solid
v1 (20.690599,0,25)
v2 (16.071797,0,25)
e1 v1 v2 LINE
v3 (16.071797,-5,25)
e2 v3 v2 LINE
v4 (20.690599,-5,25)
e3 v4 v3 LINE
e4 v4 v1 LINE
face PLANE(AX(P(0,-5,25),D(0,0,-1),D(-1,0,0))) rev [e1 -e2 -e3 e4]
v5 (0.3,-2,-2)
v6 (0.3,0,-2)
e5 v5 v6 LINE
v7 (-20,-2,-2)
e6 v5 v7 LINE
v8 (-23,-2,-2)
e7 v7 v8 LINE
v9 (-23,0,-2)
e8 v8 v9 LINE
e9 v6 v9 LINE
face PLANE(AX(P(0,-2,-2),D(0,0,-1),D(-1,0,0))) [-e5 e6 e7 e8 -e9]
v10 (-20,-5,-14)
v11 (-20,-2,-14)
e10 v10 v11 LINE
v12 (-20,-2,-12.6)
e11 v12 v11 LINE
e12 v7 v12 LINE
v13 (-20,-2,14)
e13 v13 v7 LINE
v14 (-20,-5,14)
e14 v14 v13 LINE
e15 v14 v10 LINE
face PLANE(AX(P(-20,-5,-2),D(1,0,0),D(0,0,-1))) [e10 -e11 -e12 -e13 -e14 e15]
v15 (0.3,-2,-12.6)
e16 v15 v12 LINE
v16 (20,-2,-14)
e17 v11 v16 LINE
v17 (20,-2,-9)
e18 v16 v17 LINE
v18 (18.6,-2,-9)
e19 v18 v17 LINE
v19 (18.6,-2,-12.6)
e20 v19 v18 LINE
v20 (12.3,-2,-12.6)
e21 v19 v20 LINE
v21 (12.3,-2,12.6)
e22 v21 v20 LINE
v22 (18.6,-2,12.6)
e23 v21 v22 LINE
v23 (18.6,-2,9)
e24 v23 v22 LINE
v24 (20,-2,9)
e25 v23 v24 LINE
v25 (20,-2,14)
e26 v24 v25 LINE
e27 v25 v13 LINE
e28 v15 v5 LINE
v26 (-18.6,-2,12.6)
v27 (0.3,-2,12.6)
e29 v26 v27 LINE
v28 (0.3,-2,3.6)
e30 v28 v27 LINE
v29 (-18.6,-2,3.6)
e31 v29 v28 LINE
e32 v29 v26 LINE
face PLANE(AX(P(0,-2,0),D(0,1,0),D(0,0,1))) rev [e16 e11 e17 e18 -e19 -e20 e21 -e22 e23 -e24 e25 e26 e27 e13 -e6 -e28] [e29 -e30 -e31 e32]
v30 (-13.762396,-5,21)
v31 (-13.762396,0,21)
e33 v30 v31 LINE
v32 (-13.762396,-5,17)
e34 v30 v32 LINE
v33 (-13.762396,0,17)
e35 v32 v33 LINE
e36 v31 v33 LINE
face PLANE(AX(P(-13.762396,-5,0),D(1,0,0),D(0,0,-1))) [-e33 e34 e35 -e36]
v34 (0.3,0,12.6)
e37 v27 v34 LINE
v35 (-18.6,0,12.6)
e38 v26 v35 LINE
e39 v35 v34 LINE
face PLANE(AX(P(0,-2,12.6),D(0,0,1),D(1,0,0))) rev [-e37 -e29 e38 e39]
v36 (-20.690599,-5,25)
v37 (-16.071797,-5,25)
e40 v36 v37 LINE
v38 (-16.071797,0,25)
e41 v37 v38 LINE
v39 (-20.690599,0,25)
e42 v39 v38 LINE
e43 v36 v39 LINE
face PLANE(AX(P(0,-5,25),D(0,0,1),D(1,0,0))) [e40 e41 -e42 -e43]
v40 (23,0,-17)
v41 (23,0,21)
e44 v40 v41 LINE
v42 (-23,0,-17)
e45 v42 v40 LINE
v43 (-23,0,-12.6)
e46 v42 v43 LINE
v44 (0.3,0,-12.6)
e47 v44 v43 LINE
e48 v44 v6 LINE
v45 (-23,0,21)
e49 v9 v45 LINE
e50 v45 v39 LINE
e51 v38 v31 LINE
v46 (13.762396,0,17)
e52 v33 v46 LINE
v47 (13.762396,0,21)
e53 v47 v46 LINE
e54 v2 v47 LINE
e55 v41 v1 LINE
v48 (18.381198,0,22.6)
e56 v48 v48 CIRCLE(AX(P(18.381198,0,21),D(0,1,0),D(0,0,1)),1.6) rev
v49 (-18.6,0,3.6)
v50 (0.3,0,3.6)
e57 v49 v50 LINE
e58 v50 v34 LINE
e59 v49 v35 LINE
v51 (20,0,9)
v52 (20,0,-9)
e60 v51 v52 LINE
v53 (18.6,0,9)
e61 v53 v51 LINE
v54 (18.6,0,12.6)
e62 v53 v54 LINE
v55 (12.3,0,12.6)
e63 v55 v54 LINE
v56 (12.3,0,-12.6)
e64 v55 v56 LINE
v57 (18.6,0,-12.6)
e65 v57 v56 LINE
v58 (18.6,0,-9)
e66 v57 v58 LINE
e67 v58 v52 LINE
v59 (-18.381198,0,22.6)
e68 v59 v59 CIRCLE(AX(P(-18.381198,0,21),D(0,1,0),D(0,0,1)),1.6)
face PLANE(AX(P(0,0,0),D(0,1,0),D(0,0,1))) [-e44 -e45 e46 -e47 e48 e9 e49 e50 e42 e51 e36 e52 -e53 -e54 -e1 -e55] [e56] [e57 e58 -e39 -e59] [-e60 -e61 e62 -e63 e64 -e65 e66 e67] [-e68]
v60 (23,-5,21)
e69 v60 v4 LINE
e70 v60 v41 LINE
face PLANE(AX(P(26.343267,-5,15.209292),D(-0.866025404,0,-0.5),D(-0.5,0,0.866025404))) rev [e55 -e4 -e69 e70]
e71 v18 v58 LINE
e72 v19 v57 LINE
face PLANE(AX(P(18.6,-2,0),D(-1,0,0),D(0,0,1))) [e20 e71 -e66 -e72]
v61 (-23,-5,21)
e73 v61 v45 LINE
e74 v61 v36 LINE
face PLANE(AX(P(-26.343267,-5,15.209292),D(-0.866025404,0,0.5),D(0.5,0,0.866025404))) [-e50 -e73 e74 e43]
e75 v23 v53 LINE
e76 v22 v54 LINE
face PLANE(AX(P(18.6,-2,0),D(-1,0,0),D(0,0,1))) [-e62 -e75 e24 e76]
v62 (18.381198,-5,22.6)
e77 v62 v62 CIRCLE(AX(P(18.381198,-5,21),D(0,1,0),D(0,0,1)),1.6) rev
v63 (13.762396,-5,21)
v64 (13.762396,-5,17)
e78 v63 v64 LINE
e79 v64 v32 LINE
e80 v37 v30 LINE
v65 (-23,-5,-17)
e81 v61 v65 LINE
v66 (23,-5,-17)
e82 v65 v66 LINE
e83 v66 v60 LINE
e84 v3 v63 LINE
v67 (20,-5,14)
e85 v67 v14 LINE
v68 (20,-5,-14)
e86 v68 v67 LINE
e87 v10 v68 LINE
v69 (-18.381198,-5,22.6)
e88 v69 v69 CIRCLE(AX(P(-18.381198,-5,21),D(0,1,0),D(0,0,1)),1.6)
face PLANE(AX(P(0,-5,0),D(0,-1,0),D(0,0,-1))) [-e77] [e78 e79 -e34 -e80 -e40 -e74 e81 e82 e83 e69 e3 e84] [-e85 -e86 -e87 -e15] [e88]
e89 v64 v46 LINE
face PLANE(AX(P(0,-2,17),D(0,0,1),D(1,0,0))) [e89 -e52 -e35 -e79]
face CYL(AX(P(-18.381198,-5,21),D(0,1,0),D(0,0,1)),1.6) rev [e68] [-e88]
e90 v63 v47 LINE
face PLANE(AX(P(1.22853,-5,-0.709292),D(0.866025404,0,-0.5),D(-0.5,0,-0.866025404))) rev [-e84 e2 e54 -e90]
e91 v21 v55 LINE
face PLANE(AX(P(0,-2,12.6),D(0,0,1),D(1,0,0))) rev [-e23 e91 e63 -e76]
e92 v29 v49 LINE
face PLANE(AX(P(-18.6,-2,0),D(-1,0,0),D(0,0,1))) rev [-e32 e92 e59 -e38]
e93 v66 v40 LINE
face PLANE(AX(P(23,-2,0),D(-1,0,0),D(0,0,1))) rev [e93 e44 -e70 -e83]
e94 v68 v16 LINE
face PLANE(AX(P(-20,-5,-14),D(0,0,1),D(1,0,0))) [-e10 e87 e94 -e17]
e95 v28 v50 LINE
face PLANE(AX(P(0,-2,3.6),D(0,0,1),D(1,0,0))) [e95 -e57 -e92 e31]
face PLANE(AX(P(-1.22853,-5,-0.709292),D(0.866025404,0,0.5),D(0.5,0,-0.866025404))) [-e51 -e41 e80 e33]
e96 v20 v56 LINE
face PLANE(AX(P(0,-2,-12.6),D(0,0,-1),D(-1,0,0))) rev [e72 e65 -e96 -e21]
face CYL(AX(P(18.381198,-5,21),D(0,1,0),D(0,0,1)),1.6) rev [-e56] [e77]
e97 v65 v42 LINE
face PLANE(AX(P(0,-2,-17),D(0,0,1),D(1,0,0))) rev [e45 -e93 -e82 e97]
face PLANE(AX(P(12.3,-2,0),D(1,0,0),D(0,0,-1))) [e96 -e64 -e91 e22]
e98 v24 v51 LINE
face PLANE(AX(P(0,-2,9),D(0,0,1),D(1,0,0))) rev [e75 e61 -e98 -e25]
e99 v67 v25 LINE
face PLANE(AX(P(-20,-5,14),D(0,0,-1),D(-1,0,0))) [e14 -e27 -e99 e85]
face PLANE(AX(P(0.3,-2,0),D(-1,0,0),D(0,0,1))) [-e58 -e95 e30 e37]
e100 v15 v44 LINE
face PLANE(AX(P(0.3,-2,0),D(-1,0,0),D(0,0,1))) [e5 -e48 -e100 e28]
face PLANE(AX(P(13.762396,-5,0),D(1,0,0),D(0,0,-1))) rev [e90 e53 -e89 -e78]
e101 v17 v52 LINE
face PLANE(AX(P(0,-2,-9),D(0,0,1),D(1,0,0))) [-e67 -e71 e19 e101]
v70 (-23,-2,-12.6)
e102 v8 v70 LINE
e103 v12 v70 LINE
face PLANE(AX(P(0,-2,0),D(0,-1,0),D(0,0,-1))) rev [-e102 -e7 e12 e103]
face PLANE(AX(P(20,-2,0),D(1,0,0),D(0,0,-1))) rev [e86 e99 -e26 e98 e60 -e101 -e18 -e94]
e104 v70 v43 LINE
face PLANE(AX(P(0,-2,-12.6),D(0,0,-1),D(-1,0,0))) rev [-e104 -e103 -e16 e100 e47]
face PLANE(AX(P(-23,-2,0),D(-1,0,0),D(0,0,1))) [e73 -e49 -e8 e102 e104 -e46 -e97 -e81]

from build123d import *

# Parameters (mm, degrees)
CROQUIS1_W              = 18.9
CROQUIS1_H              = 9
SALIENTE_EXTRUIR1_DEPTH = 2
SALIENTE_EXTRUIR2_DEPTH = 3
CROQUIS3_R              = 1.6
SALIENTE_EXTRUIR4_DEPTH = 5


with BuildPart() as part:
    # Croquis1 → Saliente-Extruir1 (new body)
    with BuildSketch(Plane(origin=(0, 0, 0), x_dir=(1, 0, 0), z_dir=(0, 1, 0))):
        Polygon((23, 17), (-23, 17), (-23, 12.6), (0.3, 12.6), (0.3, 2), (-23, 2), (-23, -17), (23, -17), align=None)
        Polygon((12.3, 12.6), (18.6, 12.6), (18.6, 9), (20, 9), (20, -9), (18.6, -9), (18.6, -12.6), (12.3, -12.6), align=None, mode=Mode.SUBTRACT)
        with Locations((-9.15, -8.1)):
            Rectangle(CROQUIS1_W, CROQUIS1_H, mode=Mode.SUBTRACT)
    extrude(amount=-SALIENTE_EXTRUIR1_DEPTH)

    # Croquis2 → Saliente-Extruir2 (add)
    with BuildSketch(Plane.XZ.offset(2)):
        Polygon((-23, -17), (-23, -12.6), (-23, -2), (-23, 17), (23, 17), (23, -17), align=None)
        Polygon((-20, -14), (20, -14), (20, 14), (-20, 14), (-20, -2), (-20, -12.6), align=None, mode=Mode.SUBTRACT)
    extrude(amount=SALIENTE_EXTRUIR2_DEPTH)

    # Croquis3 → Saliente-Extruir4 (add, through all)
    # profile 1 of 6: a face of its own
    with BuildSketch(Plane(origin=(0, 0, 0), x_dir=(1, 0, 0), z_dir=(0, 1, 0))):
        Polygon((-16.07179677, -25), (-13.762395693, -21), (-16.07179677, -17), (-20.690598923, -17), (-23, -21), (-20.690598923, -25), align=None)
        with Locations(Location((-18.381197846, -21, 0), (0, 0, 270))):
            Circle(CROQUIS3_R, mode=Mode.SUBTRACT)
    # profile 2 of 6: a face of its own
    with BuildSketch(Plane(origin=(0, 0, 0), x_dir=(1, 0, 0), z_dir=(0, 1, 0))):
        Polygon((16.07179677, -25), (13.762395693, -21), (16.07179677, -17), (20.690598923, -17), (23, -21), (20.690598923, -25), align=None)
        with Locations(Location((18.381197846, -21, 0), (0, 0, 270))):
            Circle(CROQUIS3_R, mode=Mode.SUBTRACT)
    # profile 3 of 6: a face of its own
    with BuildSketch(Plane(origin=(0, 0, 0), x_dir=(1, 0, 0), z_dir=(0, 1, 0))):
        Polygon((-23, -17), (-20.690598923, -17), (-23, -21), align=None)
    # profile 4 of 6: a face of its own
    with BuildSketch(Plane(origin=(0, 0, 0), x_dir=(1, 0, 0), z_dir=(0, 1, 0))):
        Polygon((-13.762395693, -21), (-16.07179677, -17), (-13.762395693, -17), align=None)
    # profile 5 of 6: a face of its own
    with BuildSketch(Plane(origin=(0, 0, 0), x_dir=(1, 0, 0), z_dir=(0, 1, 0))):
        Polygon((13.762395693, -17), (16.07179677, -17), (13.762395693, -21), align=None)
    # profile 6 of 6: a face of its own
    with BuildSketch(Plane(origin=(0, 0, 0), x_dir=(1, 0, 0), z_dir=(0, 1, 0))):
        Polygon((20.690598923, -17), (23, -17), (23, -21), align=None)
    extrude(amount=-SALIENTE_EXTRUIR4_DEPTH)


solid = part.part
